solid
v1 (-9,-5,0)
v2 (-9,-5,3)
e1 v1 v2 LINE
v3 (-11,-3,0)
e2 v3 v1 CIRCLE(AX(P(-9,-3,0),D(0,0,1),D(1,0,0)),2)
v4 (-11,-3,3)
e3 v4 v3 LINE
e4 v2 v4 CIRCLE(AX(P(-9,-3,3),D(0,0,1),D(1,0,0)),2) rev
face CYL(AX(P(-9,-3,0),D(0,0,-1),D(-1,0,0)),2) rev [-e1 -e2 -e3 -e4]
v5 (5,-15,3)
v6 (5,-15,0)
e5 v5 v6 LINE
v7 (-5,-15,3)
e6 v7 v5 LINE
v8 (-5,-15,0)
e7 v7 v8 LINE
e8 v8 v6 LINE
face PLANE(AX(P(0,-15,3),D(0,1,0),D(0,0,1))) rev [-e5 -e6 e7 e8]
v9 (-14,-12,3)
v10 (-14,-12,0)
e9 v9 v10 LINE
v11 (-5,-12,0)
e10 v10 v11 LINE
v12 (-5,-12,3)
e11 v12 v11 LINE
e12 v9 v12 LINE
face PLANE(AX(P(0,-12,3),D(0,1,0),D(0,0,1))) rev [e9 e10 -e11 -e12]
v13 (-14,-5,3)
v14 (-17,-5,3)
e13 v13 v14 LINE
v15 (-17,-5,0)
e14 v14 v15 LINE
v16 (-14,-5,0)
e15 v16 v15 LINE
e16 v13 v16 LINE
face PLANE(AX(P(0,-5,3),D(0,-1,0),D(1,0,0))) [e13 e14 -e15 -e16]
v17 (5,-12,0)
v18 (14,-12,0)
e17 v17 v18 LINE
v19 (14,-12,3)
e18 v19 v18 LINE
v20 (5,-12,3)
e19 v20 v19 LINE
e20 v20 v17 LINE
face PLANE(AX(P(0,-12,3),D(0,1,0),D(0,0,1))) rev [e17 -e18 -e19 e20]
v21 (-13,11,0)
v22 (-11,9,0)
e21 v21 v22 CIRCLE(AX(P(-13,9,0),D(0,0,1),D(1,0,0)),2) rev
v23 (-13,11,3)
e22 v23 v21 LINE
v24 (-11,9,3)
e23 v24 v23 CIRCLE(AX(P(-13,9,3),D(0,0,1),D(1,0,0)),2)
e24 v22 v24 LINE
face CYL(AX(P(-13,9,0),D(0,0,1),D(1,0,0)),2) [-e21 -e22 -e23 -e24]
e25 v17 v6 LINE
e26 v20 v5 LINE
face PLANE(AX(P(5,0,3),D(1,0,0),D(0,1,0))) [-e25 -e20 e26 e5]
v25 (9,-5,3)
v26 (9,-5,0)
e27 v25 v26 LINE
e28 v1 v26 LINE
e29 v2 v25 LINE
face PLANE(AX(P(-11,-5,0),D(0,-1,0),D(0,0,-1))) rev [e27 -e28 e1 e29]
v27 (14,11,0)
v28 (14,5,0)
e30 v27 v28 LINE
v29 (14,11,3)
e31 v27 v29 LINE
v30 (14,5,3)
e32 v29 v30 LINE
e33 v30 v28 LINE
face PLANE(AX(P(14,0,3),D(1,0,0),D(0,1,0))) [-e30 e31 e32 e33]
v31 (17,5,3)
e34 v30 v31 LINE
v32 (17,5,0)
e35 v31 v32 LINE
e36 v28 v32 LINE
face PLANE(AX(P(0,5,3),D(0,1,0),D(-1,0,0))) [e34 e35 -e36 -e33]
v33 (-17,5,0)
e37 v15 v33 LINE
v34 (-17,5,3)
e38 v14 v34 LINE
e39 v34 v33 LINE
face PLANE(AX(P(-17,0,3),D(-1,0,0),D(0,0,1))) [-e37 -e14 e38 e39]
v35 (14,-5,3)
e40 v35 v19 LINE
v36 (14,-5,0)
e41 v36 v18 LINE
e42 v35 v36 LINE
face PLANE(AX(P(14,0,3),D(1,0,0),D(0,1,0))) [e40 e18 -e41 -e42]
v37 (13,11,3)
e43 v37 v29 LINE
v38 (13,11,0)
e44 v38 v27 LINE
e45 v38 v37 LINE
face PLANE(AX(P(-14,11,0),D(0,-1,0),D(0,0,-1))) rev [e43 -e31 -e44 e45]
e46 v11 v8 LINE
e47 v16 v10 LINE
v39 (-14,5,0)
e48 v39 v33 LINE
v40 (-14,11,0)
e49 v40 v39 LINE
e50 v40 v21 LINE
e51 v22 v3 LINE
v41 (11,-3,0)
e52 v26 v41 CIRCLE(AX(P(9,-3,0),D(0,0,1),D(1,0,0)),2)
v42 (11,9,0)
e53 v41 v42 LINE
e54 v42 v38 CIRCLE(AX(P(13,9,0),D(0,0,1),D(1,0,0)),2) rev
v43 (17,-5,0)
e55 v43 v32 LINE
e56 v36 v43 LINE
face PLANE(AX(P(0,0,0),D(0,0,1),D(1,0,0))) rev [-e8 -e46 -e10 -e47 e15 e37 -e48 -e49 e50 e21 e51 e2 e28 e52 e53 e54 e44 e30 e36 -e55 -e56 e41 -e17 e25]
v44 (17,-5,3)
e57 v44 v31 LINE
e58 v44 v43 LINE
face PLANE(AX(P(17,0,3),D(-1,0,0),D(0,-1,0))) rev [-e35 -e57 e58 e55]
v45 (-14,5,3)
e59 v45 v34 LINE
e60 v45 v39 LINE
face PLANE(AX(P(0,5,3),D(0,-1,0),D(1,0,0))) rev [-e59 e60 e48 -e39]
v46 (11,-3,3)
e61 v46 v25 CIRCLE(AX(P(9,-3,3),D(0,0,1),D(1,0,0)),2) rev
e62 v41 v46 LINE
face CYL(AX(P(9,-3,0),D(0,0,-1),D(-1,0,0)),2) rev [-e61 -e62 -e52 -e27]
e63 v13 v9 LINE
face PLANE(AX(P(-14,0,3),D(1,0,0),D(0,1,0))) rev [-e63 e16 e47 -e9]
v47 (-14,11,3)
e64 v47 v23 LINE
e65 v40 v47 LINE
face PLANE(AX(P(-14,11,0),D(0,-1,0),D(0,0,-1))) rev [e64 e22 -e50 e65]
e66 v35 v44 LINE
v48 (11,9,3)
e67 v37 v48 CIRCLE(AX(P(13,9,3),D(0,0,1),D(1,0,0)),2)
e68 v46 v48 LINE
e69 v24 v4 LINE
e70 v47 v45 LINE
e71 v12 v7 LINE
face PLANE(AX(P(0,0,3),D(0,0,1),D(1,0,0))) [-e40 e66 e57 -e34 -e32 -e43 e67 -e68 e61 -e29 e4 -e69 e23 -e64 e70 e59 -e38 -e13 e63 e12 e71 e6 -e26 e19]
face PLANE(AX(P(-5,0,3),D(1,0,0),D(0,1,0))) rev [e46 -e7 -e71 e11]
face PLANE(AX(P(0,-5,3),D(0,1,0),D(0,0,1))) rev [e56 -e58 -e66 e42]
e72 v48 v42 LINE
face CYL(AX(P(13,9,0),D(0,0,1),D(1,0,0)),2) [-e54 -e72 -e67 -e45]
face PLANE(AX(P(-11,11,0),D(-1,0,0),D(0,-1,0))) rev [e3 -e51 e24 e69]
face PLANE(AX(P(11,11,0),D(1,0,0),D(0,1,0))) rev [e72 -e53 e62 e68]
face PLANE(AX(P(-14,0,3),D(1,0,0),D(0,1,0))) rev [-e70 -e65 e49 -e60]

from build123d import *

# Parameters (mm, degrees)
SKETCH_1_W               = 28
SKETCH_1_H               = 24
SKETCH_1_W_2             = 3
SKETCH_1_H_2             = 10
SKETCH_1_W_3             = 10
SKETCH_1_H_3             = 3
EXTRUDE_1_DEPTH          = 3
SKETCH_3_W               = 28
SKETCH_3_H               = 1
CUT_EXTRUDE_2_DEPTH      = 3
CUT_EXTRUDE_3_DEPTH      = 23.869193252
CUT_EXTRUDE_3_DEPTH_BACK = 23.869193252
SKETCH_4_W               = 22
SKETCH_4_H               = 16
FILLET_1_R               = 2


with BuildPart() as part:
    # 草图1 → 凸台-拉伸1 (new body)
    with BuildSketch(Plane.XY):
        Rectangle(SKETCH_1_W, SKETCH_1_H)
        with Locations((-15.5, 0)):
            Rectangle(SKETCH_1_W_2, SKETCH_1_H_2)
        with Locations((15.5, 0)):
            Rectangle(SKETCH_1_W_2, SKETCH_1_H_2)
        with Locations((0, -13.5)):
            Rectangle(SKETCH_1_W_3, SKETCH_1_H_3)
    extrude(amount=EXTRUDE_1_DEPTH)

    # 草图3 → 切除-拉伸2 (cut)
    with BuildSketch(Plane.XY.offset(3)):
        with Locations((0, 11.5)):
            Rectangle(SKETCH_3_W, SKETCH_3_H)
    extrude(amount=-CUT_EXTRUDE_2_DEPTH, mode=Mode.SUBTRACT)

    # 草图4 → 切除-拉伸3 (cut, two sides: drawn at the far end of the back side and taken through both)
    with BuildSketch(Plane.XY.offset(3).offset(-CUT_EXTRUDE_3_DEPTH_BACK)):
        with Locations((0, 3)):
            Rectangle(SKETCH_4_W, SKETCH_4_H)
    extrude(amount=CUT_EXTRUDE_3_DEPTH + CUT_EXTRUDE_3_DEPTH_BACK, mode=Mode.SUBTRACT)

    # 圆角1
    fillet_1_edges = [part.edges().sort_by_distance(p)[0] for p in [
        (-11, -5, 1.5),
        (-11, 11, 1.5),
        (11, 11, 1.5),
        (11, -5, 1.5),
    ]]
    fillet(fillet_1_edges, radius=FILLET_1_R)


solid = part.part
